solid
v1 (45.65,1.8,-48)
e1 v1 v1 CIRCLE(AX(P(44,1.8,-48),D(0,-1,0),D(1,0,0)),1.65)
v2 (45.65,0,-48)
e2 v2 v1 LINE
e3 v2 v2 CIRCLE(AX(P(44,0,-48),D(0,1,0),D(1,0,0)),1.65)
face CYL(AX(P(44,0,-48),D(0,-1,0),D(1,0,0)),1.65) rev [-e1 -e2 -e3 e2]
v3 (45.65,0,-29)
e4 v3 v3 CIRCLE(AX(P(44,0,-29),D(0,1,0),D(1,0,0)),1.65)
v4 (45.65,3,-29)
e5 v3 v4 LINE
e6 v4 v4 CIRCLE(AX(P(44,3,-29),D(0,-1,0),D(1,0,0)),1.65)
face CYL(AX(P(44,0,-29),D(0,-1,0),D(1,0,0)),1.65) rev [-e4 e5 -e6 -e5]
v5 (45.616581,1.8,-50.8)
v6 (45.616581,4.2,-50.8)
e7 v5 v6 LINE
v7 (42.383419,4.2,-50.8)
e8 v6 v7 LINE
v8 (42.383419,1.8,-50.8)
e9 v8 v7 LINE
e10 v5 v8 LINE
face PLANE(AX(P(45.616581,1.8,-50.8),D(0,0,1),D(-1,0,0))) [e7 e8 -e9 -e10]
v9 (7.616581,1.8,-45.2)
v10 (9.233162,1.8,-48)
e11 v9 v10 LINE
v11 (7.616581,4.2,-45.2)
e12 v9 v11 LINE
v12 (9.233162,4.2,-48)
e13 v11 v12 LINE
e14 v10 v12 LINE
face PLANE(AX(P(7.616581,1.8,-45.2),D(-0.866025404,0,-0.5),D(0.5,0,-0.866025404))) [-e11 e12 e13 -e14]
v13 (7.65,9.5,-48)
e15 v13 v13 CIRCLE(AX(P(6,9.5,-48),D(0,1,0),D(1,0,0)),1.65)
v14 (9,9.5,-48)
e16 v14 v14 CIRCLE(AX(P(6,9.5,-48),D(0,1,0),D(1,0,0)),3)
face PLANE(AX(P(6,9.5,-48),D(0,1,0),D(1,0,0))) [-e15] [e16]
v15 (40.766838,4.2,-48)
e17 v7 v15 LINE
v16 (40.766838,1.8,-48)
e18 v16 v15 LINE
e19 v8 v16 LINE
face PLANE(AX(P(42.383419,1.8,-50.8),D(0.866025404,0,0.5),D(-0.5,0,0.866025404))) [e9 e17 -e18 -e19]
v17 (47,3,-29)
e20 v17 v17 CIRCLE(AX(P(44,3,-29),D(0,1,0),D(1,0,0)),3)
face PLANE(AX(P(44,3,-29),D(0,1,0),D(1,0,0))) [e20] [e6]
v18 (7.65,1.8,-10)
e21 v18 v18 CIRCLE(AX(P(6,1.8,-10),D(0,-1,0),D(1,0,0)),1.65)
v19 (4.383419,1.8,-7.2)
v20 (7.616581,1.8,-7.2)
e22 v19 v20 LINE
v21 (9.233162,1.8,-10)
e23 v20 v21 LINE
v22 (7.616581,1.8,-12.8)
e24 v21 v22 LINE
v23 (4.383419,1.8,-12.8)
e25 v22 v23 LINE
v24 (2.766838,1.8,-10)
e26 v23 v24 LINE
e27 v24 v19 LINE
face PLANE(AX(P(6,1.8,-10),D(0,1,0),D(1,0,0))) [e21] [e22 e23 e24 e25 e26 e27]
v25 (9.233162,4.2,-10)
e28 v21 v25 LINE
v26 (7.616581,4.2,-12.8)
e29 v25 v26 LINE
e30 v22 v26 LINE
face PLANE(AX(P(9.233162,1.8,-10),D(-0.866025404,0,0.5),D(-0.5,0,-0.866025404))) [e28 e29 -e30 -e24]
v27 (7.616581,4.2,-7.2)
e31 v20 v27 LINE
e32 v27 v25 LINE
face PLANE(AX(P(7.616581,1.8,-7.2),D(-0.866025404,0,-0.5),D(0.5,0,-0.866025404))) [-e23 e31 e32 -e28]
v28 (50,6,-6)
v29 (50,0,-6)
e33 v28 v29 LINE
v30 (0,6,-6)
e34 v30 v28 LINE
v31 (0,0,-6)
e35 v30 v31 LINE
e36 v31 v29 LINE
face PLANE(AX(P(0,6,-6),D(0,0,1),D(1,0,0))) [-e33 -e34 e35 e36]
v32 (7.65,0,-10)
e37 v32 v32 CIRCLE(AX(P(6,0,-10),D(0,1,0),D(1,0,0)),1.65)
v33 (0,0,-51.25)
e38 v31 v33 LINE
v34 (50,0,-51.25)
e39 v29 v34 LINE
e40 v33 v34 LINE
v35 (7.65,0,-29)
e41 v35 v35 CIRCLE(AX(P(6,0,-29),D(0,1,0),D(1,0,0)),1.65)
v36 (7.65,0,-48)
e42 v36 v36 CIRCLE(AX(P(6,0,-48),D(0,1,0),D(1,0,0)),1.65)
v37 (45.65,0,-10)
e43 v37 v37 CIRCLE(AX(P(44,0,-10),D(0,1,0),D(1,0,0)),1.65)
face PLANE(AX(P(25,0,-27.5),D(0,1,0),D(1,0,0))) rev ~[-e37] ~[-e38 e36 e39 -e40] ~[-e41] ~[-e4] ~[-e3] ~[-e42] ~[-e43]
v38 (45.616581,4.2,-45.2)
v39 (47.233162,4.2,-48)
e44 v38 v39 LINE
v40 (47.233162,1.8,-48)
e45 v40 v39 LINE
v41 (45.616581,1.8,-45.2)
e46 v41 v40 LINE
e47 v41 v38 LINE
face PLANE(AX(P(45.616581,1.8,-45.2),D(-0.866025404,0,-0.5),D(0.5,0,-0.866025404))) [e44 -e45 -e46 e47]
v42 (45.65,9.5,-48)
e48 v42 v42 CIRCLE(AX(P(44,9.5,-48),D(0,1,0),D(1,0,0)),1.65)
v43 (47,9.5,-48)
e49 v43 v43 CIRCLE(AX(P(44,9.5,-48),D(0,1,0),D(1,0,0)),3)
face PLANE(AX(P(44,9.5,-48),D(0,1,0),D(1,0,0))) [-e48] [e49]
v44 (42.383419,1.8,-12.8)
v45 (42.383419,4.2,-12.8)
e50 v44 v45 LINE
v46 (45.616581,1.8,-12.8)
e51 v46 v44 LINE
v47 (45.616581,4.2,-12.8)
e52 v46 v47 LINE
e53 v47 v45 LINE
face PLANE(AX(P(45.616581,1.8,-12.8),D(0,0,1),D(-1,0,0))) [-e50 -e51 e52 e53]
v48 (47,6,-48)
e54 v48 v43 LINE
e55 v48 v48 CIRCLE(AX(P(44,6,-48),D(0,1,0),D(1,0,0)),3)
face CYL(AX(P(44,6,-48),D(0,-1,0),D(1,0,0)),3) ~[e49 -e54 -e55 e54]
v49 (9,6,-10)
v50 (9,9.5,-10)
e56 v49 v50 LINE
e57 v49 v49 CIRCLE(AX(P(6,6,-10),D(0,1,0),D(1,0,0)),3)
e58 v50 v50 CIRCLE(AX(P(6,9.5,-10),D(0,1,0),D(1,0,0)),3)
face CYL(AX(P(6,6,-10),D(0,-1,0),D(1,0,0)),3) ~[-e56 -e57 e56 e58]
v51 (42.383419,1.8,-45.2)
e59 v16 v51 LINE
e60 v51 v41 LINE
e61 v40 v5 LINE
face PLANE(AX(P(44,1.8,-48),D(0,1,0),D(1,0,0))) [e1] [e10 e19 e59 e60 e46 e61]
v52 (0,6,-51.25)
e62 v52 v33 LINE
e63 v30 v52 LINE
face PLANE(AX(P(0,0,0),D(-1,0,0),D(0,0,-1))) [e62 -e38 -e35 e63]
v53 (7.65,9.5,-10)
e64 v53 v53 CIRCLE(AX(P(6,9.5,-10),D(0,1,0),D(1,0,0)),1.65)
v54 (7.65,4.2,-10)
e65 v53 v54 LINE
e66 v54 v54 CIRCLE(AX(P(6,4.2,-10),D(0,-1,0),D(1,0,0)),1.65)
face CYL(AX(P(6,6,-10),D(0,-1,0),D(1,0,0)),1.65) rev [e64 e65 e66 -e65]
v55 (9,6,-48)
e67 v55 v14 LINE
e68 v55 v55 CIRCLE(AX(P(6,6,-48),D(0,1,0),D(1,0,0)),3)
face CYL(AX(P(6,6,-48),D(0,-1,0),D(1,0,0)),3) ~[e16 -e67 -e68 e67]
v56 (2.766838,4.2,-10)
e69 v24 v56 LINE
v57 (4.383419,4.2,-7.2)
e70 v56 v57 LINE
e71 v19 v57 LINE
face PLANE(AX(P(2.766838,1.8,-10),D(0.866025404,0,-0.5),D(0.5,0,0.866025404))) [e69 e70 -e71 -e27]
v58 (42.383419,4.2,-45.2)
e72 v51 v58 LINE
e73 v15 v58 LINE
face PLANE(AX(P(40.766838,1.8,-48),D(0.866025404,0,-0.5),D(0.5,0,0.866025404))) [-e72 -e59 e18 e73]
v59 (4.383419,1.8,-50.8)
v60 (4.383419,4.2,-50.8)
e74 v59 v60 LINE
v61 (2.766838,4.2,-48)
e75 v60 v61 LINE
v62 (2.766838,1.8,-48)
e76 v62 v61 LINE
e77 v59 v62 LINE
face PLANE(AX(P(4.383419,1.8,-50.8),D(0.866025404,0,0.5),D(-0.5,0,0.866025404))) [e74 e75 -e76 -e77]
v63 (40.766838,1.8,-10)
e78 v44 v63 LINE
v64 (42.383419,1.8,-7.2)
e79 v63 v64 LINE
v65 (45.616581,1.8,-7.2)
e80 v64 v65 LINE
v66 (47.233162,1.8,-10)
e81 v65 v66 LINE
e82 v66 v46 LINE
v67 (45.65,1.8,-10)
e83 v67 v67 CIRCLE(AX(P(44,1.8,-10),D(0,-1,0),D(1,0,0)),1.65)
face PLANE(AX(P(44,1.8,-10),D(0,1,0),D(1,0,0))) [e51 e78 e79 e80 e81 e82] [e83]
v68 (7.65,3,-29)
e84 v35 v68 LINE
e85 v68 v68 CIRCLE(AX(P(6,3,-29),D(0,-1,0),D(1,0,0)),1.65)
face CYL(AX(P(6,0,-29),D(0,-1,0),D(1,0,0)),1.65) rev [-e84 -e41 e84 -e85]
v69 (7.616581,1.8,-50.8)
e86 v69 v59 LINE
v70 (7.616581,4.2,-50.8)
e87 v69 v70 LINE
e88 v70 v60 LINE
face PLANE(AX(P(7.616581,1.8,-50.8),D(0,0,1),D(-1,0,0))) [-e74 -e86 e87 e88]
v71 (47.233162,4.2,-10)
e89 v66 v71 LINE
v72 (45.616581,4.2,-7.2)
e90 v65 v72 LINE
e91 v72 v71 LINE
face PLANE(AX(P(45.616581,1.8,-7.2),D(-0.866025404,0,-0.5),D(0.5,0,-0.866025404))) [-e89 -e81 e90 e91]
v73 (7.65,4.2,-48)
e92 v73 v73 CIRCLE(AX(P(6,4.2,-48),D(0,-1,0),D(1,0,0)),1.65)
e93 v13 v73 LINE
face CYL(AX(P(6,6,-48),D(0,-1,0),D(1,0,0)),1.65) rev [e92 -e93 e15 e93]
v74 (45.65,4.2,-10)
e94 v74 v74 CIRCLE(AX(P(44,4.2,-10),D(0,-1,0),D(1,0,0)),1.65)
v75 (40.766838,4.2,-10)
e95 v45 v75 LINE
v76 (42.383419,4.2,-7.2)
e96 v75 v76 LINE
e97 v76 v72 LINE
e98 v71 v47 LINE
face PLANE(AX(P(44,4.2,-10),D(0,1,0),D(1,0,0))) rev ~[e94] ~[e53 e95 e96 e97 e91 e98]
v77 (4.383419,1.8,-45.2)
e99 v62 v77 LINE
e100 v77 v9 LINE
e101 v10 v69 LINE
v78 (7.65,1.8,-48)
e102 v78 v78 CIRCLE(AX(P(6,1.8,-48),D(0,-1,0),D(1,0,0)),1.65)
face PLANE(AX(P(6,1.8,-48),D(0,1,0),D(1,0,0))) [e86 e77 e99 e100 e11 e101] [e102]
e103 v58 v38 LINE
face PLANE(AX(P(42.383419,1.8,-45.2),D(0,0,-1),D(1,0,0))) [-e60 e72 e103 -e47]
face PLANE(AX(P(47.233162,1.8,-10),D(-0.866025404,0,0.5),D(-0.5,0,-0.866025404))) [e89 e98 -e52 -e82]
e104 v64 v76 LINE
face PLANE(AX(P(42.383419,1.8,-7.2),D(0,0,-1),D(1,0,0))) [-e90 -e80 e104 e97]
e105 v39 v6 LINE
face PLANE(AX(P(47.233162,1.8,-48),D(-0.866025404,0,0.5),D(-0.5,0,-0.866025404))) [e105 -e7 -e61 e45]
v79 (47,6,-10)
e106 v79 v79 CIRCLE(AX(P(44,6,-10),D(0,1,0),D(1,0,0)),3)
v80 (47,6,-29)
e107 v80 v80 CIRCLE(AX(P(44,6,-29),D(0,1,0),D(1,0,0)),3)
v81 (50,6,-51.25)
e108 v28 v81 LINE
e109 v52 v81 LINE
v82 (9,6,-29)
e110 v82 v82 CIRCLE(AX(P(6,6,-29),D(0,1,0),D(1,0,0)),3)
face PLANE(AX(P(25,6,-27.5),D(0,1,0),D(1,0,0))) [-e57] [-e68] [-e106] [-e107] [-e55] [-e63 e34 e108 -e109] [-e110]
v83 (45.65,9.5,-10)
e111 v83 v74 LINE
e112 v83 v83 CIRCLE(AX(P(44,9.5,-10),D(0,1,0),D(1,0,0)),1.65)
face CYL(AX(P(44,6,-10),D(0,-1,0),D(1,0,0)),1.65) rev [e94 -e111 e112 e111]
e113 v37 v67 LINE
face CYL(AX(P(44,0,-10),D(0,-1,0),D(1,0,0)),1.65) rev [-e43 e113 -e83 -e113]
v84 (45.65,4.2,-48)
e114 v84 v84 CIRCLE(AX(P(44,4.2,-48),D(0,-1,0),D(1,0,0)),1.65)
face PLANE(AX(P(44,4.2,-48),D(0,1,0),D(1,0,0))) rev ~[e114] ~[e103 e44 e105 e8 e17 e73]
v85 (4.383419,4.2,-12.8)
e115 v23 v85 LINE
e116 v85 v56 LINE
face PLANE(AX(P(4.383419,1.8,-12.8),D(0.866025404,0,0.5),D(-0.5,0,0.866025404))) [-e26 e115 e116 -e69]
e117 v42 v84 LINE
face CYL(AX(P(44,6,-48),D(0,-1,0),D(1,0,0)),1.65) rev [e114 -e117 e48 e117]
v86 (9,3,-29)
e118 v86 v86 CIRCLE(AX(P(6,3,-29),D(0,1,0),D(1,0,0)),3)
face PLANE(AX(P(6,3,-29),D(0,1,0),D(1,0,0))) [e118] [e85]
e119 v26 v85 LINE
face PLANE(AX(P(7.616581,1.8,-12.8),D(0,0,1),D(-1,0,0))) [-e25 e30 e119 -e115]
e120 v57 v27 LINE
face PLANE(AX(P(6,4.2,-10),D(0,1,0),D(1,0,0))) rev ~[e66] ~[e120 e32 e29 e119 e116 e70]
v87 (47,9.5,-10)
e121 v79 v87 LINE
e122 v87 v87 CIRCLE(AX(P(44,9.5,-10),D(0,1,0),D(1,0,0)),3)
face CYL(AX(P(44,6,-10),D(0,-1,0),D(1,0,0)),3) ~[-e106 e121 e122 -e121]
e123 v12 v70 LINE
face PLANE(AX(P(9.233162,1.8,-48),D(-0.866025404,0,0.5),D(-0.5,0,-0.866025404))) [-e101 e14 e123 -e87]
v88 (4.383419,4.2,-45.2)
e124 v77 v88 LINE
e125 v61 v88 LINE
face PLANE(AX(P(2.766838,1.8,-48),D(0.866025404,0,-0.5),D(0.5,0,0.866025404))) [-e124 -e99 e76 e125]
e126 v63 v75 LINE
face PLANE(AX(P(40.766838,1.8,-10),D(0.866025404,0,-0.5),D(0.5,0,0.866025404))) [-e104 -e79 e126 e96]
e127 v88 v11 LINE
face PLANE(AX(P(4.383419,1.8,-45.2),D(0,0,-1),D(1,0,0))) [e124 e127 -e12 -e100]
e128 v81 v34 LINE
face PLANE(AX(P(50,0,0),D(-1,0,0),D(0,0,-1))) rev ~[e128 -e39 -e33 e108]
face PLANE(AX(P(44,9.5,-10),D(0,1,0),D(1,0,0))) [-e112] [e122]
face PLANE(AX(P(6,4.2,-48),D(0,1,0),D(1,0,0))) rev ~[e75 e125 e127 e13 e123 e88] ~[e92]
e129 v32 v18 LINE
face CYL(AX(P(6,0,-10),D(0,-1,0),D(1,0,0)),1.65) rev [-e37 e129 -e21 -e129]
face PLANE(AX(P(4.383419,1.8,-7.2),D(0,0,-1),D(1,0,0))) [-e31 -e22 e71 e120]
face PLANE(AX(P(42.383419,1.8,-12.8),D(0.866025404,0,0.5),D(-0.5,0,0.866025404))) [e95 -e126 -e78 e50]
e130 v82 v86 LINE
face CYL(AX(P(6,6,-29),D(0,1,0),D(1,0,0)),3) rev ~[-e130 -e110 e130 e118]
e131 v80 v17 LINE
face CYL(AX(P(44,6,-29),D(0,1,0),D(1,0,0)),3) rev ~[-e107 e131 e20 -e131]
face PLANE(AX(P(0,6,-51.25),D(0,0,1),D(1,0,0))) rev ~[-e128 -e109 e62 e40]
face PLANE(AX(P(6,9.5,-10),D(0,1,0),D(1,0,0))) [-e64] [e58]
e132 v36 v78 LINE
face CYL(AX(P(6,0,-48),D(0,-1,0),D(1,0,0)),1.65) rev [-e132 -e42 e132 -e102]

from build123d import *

# Parameters (mm, degrees)
SKETCH2_W           = 50
SKETCH2_H           = 55
SKETCH2_R           = 1.65
BOSS_EXTRUDE2_DEPTH = 6
CUT_EXTRUDE1_START  = 1.8
CUT_EXTRUDE1_DEPTH  = 2.4
SKETCH4_R           = 3
SKETCH4_R_2         = 1.65
BOSS_EXTRUDE3_DEPTH = 3.5
SKETCH5_R           = 3
CUT_EXTRUDE2_DEPTH  = 3
SKETCH6_W           = 50
SKETCH6_H           = 3.75
SKETCH6_H_2         = 6
CUT_EXTRUDE3_DEPTH  = 10


with BuildPart() as part:
    # Sketch2 → Boss-Extrude2 (new body)
    with BuildSketch(Plane(origin=(0, 0, 0), x_dir=(1, 0, 0), z_dir=(0, 1, 0))):
        with Locations((25, 27.5)):
            Rectangle(SKETCH2_W, SKETCH2_H)
        with Locations((6, 10)):
            Circle(SKETCH2_R, mode=Mode.SUBTRACT)
        with Locations((44, 10)):
            Circle(SKETCH2_R, mode=Mode.SUBTRACT)
        with Locations((44, 48)):
            Circle(SKETCH2_R, mode=Mode.SUBTRACT)
        with Locations((6, 48)):
            Circle(SKETCH2_R, mode=Mode.SUBTRACT)
        with Locations((6, 29)):
            Circle(SKETCH2_R, mode=Mode.SUBTRACT)
        with Locations((44, 29)):
            Circle(SKETCH2_R, mode=Mode.SUBTRACT)
    extrude(amount=BOSS_EXTRUDE2_DEPTH)

    # Sketch3 → Cut-Extrude1 (cut)
    with BuildSketch(Plane(origin=(0, 0, 0), x_dir=(1, 0, 0), z_dir=(0, 1, 0)).offset(CUT_EXTRUDE1_START)):
        Polygon((9.233161507, 48), (7.616580754, 50.8), (4.383419246, 50.8), (2.766838493, 48), (4.383419246, 45.2), (7.616580754, 45.2), align=None)
        Polygon((47.233161507, 48), (45.616580754, 50.8), (42.383419246, 50.8), (40.766838493, 48), (42.383419246, 45.2), (45.616580754, 45.2), align=None)
        Polygon((47.233161507, 10), (45.616580754, 12.8), (42.383419246, 12.8), (40.766838493, 10), (42.383419246, 7.2), (45.616580754, 7.2), align=None)
        Polygon((9.233161507, 10), (7.616580754, 12.8), (4.383419246, 12.8), (2.766838493, 10), (4.383419246, 7.2), (7.616580754, 7.2), align=None)
    extrude(amount=CUT_EXTRUDE1_DEPTH, mode=Mode.SUBTRACT)

    # Sketch4 → Boss-Extrude3 (add)
    with BuildSketch(Plane(origin=(0, 6, 0), x_dir=(1, 0, 0), z_dir=(0, 1, 0))):
        with Locations((6, 10)):
            Circle(SKETCH4_R)
        with Locations((6, 10)):
            Circle(SKETCH4_R_2, mode=Mode.SUBTRACT)
        with Locations((44, 10)):
            Circle(SKETCH4_R)
        with Locations((44, 10)):
            Circle(SKETCH4_R_2, mode=Mode.SUBTRACT)
        with Locations((6, 48)):
            Circle(SKETCH4_R)
        with Locations((6, 48)):
            Circle(SKETCH4_R_2, mode=Mode.SUBTRACT)
        with Locations((44, 48)):
            Circle(SKETCH4_R)
        with Locations((44, 48)):
            Circle(SKETCH4_R_2, mode=Mode.SUBTRACT)
    extrude(amount=BOSS_EXTRUDE3_DEPTH)

    # Sketch5 → Cut-Extrude2 (cut)
    with BuildSketch(Plane(origin=(0, 6, 0), x_dir=(1, 0, 0), z_dir=(0, 1, 0))):
        with Locations((6, 29)):
            Circle(SKETCH5_R)
        with Locations((44, 29)):
            Circle(SKETCH5_R)
    extrude(amount=-CUT_EXTRUDE2_DEPTH, mode=Mode.SUBTRACT)

    # Sketch6 → Cut-Extrude3 (cut)
    with BuildSketch(Plane(origin=(0, 6, 0), x_dir=(1, 0, 0), z_dir=(0, 1, 0))):
        with Locations((25, 53.125)):
            Rectangle(SKETCH6_W, SKETCH6_H)
        with Locations((25, 3)):
            Rectangle(SKETCH6_W, SKETCH6_H_2)
    extrude(amount=-CUT_EXTRUDE3_DEPTH, mode=Mode.SUBTRACT)


solid = part.part
